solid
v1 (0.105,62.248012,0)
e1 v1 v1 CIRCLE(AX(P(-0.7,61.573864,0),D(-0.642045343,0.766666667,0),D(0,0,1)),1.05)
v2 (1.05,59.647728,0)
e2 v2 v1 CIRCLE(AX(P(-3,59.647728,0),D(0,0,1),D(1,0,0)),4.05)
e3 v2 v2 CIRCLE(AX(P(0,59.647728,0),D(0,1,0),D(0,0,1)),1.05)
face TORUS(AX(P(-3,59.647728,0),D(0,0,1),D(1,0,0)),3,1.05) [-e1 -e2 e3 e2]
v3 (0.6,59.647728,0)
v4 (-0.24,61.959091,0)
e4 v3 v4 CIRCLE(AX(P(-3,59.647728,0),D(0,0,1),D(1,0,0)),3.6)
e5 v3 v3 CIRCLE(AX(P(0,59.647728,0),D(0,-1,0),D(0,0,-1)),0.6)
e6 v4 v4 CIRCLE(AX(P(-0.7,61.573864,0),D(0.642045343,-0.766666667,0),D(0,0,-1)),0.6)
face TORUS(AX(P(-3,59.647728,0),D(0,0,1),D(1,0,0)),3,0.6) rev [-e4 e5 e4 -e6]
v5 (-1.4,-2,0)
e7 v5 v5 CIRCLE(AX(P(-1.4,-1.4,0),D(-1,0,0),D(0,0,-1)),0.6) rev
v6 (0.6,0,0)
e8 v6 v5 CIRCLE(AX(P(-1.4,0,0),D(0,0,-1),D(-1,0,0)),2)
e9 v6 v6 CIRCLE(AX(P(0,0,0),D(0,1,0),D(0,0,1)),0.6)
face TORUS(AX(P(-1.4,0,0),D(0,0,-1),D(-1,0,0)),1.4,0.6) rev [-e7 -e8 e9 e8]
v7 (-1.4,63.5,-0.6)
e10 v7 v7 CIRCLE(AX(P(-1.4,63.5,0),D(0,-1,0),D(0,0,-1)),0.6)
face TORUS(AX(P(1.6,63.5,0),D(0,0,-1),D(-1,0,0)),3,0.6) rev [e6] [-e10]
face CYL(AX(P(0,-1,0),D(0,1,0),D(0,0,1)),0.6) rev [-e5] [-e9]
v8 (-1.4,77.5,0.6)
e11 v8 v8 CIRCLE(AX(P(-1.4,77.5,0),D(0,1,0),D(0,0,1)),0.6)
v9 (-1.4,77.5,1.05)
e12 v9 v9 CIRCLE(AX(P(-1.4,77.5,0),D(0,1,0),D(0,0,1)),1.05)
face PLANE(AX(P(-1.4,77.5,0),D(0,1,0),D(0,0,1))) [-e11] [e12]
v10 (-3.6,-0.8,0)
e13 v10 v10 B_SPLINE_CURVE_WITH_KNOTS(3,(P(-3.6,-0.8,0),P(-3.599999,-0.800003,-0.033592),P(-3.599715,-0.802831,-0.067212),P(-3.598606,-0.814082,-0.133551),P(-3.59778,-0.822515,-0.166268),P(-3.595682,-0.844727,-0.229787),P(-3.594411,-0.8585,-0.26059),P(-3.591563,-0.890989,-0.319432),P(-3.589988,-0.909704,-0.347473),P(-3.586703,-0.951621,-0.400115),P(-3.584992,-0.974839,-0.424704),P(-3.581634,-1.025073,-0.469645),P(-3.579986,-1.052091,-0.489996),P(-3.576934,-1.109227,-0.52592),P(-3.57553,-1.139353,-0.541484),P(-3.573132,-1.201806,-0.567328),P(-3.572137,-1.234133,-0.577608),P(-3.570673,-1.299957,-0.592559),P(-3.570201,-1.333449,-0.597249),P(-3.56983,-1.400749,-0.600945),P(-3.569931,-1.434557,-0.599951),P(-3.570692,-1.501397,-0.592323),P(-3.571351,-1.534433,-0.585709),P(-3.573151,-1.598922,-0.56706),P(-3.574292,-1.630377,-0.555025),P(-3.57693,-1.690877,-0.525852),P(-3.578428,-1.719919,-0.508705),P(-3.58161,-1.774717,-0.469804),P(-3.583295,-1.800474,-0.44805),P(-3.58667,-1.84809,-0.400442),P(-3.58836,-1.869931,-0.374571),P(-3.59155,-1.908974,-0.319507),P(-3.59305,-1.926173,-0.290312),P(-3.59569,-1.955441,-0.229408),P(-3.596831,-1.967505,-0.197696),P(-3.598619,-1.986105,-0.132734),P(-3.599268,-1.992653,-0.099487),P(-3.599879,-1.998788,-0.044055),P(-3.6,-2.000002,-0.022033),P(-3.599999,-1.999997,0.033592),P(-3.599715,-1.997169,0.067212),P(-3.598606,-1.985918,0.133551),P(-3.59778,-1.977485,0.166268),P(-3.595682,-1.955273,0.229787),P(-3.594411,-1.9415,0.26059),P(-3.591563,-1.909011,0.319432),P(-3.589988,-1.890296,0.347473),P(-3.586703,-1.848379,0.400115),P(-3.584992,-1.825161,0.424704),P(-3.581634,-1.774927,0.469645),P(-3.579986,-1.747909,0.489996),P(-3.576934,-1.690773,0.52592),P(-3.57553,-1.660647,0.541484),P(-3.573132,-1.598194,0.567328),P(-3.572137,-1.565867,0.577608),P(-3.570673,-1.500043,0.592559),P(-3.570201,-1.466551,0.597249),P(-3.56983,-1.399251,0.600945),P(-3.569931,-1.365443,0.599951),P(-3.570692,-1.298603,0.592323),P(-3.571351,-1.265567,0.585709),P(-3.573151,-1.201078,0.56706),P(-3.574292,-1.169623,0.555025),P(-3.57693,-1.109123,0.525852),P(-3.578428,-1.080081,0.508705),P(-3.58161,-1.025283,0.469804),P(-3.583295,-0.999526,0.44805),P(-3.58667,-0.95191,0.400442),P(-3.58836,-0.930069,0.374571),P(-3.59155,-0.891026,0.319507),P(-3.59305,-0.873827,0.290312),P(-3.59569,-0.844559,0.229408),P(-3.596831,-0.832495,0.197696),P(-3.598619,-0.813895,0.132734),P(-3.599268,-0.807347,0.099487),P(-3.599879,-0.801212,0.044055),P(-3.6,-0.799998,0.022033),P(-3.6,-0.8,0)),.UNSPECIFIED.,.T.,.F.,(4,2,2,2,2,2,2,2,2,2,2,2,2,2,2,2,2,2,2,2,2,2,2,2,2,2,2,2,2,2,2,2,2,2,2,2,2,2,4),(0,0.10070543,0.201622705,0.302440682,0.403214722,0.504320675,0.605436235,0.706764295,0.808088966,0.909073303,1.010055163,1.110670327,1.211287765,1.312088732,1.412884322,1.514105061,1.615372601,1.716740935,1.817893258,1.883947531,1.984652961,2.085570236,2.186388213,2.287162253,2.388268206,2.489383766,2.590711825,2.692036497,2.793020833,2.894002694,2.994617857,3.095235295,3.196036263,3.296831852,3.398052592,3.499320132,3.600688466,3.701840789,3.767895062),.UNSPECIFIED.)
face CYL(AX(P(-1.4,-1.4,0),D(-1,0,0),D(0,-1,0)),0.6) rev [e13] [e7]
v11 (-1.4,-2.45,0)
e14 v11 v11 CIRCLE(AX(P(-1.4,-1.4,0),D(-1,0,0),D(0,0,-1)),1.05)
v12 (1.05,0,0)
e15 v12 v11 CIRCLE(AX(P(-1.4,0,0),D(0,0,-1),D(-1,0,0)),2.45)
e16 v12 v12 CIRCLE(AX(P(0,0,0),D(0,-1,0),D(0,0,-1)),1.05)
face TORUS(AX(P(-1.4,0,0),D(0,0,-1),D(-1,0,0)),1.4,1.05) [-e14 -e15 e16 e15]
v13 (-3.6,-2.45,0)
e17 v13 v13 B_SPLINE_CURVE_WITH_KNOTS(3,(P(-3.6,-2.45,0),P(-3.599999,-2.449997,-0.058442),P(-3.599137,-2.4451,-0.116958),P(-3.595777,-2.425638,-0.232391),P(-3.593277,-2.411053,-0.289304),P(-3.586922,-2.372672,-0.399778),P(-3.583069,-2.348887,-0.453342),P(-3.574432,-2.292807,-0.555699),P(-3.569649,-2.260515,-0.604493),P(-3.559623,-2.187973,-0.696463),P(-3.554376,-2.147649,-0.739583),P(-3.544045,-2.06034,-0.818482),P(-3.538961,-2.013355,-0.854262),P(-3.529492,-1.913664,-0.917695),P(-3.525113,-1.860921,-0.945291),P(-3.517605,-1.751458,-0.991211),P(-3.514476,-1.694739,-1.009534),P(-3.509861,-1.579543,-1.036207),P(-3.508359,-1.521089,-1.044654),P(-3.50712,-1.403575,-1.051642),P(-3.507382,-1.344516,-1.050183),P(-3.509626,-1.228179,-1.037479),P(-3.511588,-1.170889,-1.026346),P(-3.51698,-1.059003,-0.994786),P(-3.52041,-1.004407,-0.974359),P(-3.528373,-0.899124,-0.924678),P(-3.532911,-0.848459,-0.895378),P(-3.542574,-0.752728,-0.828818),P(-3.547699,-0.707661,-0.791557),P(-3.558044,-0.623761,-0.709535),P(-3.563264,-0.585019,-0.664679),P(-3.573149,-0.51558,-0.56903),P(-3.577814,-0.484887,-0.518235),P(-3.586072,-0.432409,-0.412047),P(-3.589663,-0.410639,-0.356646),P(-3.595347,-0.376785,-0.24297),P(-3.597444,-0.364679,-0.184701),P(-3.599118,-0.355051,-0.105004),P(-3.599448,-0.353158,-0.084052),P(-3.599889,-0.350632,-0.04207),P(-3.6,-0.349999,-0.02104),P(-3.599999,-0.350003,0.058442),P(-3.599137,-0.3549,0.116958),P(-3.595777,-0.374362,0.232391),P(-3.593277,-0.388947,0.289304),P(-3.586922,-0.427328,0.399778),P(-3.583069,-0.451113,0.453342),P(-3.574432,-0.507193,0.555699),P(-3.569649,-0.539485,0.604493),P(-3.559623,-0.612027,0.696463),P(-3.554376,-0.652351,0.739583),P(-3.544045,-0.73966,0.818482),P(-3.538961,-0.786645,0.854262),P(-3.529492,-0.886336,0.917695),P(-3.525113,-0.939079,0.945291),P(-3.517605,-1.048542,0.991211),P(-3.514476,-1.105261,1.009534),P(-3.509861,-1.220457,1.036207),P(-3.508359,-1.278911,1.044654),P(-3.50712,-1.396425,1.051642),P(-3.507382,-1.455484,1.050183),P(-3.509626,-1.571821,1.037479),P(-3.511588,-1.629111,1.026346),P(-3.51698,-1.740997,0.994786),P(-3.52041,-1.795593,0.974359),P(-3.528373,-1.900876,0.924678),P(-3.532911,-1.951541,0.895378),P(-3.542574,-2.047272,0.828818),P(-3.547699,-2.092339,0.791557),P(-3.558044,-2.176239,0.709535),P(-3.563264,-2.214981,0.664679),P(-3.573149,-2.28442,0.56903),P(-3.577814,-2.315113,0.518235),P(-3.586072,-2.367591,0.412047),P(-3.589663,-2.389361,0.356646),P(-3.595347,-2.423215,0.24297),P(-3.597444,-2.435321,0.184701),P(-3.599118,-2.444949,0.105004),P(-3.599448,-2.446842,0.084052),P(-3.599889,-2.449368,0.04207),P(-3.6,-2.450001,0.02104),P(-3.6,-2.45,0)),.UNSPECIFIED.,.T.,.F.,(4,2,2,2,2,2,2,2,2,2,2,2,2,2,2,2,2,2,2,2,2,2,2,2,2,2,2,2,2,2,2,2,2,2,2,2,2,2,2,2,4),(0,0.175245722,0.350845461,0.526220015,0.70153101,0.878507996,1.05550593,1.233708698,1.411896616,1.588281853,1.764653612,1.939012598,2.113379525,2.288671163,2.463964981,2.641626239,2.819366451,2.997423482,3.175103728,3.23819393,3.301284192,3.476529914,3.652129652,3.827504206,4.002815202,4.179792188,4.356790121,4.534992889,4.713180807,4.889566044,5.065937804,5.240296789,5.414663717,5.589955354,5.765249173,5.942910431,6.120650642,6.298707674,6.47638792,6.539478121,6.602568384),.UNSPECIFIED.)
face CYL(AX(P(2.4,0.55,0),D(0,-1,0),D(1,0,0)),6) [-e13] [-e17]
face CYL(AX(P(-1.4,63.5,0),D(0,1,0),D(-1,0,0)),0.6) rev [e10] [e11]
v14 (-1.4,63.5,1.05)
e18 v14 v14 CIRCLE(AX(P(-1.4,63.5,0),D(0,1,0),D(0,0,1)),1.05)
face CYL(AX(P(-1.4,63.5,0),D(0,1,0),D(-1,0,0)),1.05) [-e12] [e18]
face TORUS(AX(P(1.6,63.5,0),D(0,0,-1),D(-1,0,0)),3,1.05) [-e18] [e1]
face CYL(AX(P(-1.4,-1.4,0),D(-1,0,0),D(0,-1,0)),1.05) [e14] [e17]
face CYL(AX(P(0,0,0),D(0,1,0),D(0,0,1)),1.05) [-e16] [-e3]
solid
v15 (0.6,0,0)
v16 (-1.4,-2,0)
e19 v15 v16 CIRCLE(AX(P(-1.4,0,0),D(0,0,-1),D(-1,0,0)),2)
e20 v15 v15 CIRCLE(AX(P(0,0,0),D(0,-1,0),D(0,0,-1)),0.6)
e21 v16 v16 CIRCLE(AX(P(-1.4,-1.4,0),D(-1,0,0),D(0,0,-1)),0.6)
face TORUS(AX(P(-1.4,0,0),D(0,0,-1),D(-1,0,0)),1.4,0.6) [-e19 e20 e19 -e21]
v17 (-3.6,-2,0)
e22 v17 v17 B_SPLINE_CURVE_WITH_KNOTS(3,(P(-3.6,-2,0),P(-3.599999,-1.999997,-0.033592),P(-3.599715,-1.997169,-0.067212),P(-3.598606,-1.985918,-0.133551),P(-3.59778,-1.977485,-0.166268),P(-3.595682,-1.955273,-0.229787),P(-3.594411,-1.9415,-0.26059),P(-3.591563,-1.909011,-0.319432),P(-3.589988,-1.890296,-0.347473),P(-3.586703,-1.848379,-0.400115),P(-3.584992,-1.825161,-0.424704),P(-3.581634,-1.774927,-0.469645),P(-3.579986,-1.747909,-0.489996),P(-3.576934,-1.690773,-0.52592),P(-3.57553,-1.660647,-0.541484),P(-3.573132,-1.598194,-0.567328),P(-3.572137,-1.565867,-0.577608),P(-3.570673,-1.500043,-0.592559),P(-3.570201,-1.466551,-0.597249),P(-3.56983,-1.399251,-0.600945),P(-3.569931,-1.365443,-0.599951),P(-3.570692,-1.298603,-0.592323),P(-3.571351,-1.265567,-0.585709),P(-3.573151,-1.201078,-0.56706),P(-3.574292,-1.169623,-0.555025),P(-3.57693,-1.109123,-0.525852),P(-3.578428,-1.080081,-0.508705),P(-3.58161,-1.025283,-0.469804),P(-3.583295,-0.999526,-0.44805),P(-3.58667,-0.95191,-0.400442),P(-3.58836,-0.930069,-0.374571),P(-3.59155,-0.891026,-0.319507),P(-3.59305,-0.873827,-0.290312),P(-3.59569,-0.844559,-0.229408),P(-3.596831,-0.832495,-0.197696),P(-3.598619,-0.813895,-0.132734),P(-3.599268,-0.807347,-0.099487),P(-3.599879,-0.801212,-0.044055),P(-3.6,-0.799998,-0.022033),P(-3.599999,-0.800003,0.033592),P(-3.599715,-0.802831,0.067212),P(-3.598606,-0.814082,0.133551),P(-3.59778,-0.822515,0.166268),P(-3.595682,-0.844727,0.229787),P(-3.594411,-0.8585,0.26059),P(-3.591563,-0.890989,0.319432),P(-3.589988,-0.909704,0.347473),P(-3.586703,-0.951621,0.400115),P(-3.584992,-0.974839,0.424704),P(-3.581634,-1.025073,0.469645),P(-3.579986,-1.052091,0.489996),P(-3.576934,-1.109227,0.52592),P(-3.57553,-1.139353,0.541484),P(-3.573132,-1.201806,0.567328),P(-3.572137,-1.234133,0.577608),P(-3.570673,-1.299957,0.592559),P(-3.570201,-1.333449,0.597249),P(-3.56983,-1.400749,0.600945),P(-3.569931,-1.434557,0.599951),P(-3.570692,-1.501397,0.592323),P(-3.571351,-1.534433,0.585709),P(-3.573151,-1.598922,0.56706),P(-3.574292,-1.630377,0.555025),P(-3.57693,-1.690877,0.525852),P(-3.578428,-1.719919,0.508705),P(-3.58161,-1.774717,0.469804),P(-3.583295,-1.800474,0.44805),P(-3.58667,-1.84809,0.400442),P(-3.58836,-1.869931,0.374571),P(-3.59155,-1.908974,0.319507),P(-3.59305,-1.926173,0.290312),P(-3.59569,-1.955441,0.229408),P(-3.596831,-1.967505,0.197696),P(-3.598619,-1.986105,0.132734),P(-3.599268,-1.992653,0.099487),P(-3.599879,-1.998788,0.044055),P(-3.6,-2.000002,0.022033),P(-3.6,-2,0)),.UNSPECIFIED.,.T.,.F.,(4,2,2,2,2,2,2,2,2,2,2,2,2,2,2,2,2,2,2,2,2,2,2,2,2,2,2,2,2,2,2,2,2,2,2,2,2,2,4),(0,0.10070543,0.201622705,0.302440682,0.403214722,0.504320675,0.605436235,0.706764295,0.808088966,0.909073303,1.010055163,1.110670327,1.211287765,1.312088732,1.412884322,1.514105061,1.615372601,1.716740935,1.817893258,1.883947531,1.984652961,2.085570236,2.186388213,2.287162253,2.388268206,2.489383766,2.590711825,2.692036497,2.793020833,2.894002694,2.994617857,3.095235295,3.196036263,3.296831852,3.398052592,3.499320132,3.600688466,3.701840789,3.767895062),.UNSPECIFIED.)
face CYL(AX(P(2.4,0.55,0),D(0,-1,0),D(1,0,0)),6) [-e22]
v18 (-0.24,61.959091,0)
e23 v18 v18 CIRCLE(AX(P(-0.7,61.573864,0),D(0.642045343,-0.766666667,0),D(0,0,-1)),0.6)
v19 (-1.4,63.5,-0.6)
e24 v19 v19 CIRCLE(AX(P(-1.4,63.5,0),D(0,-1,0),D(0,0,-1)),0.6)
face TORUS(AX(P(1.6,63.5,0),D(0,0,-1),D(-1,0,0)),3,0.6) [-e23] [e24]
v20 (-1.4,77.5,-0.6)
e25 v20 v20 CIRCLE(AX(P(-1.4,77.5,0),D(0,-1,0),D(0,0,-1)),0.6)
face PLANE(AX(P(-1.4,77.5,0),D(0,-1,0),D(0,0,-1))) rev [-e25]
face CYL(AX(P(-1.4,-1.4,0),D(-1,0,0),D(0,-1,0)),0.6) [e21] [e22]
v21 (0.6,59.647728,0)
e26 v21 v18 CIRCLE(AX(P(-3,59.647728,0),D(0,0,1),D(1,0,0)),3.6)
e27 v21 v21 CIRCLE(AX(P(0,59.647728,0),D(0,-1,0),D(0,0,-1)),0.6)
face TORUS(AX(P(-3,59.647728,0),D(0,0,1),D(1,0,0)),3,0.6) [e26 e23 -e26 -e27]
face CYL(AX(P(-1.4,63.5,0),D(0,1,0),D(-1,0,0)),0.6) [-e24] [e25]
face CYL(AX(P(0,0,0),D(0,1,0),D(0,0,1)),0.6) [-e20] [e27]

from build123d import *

# Parameters (mm, degrees)
SKETCH_1_R          = 1.05
SKETCH_3_R          = 0.6
SKETCH_4_R          = 0.6
SKETCH_5_R          = 0.6
SKETCH_7_R          = 1.05
SKETCH_7_R_2        = 0.6
CUT_EXTRUDE_2_DEPTH = 3
CUT_EXTRUDE_3_DEPTH = 3


with BuildPart() as part:
    # Sweep 1: sweep along a path in Эскиз2
    with BuildLine(Plane.XY) as sweep_1_path:
        Line((0, 0), (0, 59.64772794))
        ThreePointArc((0, 59.64772794), (-0.180425564, 60.672423017), (-0.7, 61.573863968))
        ThreePointArc((-0.7, 61.573863968), (-1.219574436, 62.47530492), (-1.4, 63.499999997))
        Line((-1.4, 63.499999997), (-1.4, 77.499999997))
    # Эскиз1 → Sweep 1 (sweep)
    with BuildSketch(Plane(origin=(0, 0, 0), x_dir=(1, 0, 0), z_dir=(0, 1, 0))):
        Circle(SKETCH_1_R)
    sweep(path=sweep_1_path.line)

    # Sweep 1 2: sweep along a path in Эскиз2<2>
    with BuildLine(Plane.XY) as sweep_1_2_path:
        Line((0, 0), (0, 59.64772794))
        ThreePointArc((0, 59.64772794), (-0.180425564, 60.672423017), (-0.7, 61.573863968))
        ThreePointArc((-0.7, 61.573863968), (-1.219574436, 62.47530492), (-1.4, 63.499999997))
        Line((-1.4, 63.499999997), (-1.4, 77.499999997))
    # Эскиз3 → Sweep 1 2 (sweep, cut)
    with BuildSketch(Plane.XZ):
        Circle(SKETCH_3_R)
    sweep(path=sweep_1_2_path.line, mode=Mode.SUBTRACT)

    # По траектории4: sweep along a path in Эскиз6<2>
    with BuildLine(Plane.XY) as sweep_4_path:
        Line((-3.6, -1.4), (-1.4, -1.4))
        ThreePointArc((-1.4, -1.4), (-0.410050506, -0.989949494), (0, 0))
    # Эскиз7 → По траектории4 (sweep)
    with BuildSketch(Plane.XZ):
        Circle(SKETCH_7_R)
        Circle(SKETCH_7_R_2, mode=Mode.SUBTRACT)
    sweep(path=sweep_4_path.line)


with BuildPart() as body_2:
    # По траектории2: sweep along a path in Эскиз2<3>
    with BuildLine(Plane.XY) as sweep_2_path:
        Line((0, 0), (0, 59.64772794))
        ThreePointArc((0, 59.64772794), (-0.180425564, 60.672423017), (-0.7, 61.573863968))
        ThreePointArc((-0.7, 61.573863968), (-1.219574436, 62.47530492), (-1.4, 63.499999997))
        Line((-1.4, 63.499999997), (-1.4, 77.499999997))
    # Эскиз4 → По траектории2 (sweep)
    with BuildSketch(Plane.XZ):
        Circle(SKETCH_4_R)
    sweep(path=sweep_2_path.line)

    # По траектории3: sweep along a path in Эскиз6
    with BuildLine(Plane.XY) as sweep_3_path:
        Line((-3.6, -1.4), (-1.4, -1.4))
        ThreePointArc((-1.4, -1.4), (-0.410050506, -0.989949494), (0, 0))
    # Эскиз5 → По траектории3 (sweep)
    with BuildSketch(Plane.XZ):
        Circle(SKETCH_5_R)
    sweep(path=sweep_3_path.line)


with BuildPart() as cut_extrude_2_tool:
    # Эскиз8 → Вырез-Вытянуть2 (new body)
    with BuildSketch(Plane(origin=(0, -2.45, 0), x_dir=(-1, 0, 0), z_dir=(0, -1, 0))):
        with BuildLine():
            ThreePointArc((3.5074106, 1.05), (3.576807827, 0.52703719), (3.6, 0))
            Line((3.6, 0), (3.6, 1.05))
            Line((3.6, 1.05), (3.5074106, 1.05))
        make_face()
    extrude(amount=-CUT_EXTRUDE_2_DEPTH)


with BuildPart() as part_1:
    add(part.part)

    # Вырез-Вытянуть2: cut by cut_extrude_2_tool
    add(cut_extrude_2_tool.part, mode=Mode.SUBTRACT)


with BuildPart() as body_2_1:
    add(body_2.part)

    # Вырез-Вытянуть2: cut by cut_extrude_2_tool
    add(cut_extrude_2_tool.part, mode=Mode.SUBTRACT)


with BuildPart() as cut_extrude_3_tool:
    # Эскиз8<3> → Вырез-Вытянуть3 (new body)
    with BuildSketch(Plane(origin=(0, -2.45, 0), x_dir=(-1, 0, 0), z_dir=(0, -1, 0))):
        with BuildLine():
            Line((3.5074106, -1.05), (3.6, -1.05))
            Line((3.6, -1.05), (3.6, 0))
            ThreePointArc((3.6, 0), (3.576807827, -0.52703719), (3.5074106, -1.05))
        make_face()
    extrude(amount=-CUT_EXTRUDE_3_DEPTH)


with BuildPart() as part_2:
    add(part_1.part)

    # Вырез-Вытянуть3: cut by cut_extrude_3_tool
    add(cut_extrude_3_tool.part, mode=Mode.SUBTRACT)


with BuildPart() as body_2_2:
    add(body_2_1.part)

    # Вырез-Вытянуть3: cut by cut_extrude_3_tool
    add(cut_extrude_3_tool.part, mode=Mode.SUBTRACT)


solid = Compound([part_2.part, body_2_2.part])
